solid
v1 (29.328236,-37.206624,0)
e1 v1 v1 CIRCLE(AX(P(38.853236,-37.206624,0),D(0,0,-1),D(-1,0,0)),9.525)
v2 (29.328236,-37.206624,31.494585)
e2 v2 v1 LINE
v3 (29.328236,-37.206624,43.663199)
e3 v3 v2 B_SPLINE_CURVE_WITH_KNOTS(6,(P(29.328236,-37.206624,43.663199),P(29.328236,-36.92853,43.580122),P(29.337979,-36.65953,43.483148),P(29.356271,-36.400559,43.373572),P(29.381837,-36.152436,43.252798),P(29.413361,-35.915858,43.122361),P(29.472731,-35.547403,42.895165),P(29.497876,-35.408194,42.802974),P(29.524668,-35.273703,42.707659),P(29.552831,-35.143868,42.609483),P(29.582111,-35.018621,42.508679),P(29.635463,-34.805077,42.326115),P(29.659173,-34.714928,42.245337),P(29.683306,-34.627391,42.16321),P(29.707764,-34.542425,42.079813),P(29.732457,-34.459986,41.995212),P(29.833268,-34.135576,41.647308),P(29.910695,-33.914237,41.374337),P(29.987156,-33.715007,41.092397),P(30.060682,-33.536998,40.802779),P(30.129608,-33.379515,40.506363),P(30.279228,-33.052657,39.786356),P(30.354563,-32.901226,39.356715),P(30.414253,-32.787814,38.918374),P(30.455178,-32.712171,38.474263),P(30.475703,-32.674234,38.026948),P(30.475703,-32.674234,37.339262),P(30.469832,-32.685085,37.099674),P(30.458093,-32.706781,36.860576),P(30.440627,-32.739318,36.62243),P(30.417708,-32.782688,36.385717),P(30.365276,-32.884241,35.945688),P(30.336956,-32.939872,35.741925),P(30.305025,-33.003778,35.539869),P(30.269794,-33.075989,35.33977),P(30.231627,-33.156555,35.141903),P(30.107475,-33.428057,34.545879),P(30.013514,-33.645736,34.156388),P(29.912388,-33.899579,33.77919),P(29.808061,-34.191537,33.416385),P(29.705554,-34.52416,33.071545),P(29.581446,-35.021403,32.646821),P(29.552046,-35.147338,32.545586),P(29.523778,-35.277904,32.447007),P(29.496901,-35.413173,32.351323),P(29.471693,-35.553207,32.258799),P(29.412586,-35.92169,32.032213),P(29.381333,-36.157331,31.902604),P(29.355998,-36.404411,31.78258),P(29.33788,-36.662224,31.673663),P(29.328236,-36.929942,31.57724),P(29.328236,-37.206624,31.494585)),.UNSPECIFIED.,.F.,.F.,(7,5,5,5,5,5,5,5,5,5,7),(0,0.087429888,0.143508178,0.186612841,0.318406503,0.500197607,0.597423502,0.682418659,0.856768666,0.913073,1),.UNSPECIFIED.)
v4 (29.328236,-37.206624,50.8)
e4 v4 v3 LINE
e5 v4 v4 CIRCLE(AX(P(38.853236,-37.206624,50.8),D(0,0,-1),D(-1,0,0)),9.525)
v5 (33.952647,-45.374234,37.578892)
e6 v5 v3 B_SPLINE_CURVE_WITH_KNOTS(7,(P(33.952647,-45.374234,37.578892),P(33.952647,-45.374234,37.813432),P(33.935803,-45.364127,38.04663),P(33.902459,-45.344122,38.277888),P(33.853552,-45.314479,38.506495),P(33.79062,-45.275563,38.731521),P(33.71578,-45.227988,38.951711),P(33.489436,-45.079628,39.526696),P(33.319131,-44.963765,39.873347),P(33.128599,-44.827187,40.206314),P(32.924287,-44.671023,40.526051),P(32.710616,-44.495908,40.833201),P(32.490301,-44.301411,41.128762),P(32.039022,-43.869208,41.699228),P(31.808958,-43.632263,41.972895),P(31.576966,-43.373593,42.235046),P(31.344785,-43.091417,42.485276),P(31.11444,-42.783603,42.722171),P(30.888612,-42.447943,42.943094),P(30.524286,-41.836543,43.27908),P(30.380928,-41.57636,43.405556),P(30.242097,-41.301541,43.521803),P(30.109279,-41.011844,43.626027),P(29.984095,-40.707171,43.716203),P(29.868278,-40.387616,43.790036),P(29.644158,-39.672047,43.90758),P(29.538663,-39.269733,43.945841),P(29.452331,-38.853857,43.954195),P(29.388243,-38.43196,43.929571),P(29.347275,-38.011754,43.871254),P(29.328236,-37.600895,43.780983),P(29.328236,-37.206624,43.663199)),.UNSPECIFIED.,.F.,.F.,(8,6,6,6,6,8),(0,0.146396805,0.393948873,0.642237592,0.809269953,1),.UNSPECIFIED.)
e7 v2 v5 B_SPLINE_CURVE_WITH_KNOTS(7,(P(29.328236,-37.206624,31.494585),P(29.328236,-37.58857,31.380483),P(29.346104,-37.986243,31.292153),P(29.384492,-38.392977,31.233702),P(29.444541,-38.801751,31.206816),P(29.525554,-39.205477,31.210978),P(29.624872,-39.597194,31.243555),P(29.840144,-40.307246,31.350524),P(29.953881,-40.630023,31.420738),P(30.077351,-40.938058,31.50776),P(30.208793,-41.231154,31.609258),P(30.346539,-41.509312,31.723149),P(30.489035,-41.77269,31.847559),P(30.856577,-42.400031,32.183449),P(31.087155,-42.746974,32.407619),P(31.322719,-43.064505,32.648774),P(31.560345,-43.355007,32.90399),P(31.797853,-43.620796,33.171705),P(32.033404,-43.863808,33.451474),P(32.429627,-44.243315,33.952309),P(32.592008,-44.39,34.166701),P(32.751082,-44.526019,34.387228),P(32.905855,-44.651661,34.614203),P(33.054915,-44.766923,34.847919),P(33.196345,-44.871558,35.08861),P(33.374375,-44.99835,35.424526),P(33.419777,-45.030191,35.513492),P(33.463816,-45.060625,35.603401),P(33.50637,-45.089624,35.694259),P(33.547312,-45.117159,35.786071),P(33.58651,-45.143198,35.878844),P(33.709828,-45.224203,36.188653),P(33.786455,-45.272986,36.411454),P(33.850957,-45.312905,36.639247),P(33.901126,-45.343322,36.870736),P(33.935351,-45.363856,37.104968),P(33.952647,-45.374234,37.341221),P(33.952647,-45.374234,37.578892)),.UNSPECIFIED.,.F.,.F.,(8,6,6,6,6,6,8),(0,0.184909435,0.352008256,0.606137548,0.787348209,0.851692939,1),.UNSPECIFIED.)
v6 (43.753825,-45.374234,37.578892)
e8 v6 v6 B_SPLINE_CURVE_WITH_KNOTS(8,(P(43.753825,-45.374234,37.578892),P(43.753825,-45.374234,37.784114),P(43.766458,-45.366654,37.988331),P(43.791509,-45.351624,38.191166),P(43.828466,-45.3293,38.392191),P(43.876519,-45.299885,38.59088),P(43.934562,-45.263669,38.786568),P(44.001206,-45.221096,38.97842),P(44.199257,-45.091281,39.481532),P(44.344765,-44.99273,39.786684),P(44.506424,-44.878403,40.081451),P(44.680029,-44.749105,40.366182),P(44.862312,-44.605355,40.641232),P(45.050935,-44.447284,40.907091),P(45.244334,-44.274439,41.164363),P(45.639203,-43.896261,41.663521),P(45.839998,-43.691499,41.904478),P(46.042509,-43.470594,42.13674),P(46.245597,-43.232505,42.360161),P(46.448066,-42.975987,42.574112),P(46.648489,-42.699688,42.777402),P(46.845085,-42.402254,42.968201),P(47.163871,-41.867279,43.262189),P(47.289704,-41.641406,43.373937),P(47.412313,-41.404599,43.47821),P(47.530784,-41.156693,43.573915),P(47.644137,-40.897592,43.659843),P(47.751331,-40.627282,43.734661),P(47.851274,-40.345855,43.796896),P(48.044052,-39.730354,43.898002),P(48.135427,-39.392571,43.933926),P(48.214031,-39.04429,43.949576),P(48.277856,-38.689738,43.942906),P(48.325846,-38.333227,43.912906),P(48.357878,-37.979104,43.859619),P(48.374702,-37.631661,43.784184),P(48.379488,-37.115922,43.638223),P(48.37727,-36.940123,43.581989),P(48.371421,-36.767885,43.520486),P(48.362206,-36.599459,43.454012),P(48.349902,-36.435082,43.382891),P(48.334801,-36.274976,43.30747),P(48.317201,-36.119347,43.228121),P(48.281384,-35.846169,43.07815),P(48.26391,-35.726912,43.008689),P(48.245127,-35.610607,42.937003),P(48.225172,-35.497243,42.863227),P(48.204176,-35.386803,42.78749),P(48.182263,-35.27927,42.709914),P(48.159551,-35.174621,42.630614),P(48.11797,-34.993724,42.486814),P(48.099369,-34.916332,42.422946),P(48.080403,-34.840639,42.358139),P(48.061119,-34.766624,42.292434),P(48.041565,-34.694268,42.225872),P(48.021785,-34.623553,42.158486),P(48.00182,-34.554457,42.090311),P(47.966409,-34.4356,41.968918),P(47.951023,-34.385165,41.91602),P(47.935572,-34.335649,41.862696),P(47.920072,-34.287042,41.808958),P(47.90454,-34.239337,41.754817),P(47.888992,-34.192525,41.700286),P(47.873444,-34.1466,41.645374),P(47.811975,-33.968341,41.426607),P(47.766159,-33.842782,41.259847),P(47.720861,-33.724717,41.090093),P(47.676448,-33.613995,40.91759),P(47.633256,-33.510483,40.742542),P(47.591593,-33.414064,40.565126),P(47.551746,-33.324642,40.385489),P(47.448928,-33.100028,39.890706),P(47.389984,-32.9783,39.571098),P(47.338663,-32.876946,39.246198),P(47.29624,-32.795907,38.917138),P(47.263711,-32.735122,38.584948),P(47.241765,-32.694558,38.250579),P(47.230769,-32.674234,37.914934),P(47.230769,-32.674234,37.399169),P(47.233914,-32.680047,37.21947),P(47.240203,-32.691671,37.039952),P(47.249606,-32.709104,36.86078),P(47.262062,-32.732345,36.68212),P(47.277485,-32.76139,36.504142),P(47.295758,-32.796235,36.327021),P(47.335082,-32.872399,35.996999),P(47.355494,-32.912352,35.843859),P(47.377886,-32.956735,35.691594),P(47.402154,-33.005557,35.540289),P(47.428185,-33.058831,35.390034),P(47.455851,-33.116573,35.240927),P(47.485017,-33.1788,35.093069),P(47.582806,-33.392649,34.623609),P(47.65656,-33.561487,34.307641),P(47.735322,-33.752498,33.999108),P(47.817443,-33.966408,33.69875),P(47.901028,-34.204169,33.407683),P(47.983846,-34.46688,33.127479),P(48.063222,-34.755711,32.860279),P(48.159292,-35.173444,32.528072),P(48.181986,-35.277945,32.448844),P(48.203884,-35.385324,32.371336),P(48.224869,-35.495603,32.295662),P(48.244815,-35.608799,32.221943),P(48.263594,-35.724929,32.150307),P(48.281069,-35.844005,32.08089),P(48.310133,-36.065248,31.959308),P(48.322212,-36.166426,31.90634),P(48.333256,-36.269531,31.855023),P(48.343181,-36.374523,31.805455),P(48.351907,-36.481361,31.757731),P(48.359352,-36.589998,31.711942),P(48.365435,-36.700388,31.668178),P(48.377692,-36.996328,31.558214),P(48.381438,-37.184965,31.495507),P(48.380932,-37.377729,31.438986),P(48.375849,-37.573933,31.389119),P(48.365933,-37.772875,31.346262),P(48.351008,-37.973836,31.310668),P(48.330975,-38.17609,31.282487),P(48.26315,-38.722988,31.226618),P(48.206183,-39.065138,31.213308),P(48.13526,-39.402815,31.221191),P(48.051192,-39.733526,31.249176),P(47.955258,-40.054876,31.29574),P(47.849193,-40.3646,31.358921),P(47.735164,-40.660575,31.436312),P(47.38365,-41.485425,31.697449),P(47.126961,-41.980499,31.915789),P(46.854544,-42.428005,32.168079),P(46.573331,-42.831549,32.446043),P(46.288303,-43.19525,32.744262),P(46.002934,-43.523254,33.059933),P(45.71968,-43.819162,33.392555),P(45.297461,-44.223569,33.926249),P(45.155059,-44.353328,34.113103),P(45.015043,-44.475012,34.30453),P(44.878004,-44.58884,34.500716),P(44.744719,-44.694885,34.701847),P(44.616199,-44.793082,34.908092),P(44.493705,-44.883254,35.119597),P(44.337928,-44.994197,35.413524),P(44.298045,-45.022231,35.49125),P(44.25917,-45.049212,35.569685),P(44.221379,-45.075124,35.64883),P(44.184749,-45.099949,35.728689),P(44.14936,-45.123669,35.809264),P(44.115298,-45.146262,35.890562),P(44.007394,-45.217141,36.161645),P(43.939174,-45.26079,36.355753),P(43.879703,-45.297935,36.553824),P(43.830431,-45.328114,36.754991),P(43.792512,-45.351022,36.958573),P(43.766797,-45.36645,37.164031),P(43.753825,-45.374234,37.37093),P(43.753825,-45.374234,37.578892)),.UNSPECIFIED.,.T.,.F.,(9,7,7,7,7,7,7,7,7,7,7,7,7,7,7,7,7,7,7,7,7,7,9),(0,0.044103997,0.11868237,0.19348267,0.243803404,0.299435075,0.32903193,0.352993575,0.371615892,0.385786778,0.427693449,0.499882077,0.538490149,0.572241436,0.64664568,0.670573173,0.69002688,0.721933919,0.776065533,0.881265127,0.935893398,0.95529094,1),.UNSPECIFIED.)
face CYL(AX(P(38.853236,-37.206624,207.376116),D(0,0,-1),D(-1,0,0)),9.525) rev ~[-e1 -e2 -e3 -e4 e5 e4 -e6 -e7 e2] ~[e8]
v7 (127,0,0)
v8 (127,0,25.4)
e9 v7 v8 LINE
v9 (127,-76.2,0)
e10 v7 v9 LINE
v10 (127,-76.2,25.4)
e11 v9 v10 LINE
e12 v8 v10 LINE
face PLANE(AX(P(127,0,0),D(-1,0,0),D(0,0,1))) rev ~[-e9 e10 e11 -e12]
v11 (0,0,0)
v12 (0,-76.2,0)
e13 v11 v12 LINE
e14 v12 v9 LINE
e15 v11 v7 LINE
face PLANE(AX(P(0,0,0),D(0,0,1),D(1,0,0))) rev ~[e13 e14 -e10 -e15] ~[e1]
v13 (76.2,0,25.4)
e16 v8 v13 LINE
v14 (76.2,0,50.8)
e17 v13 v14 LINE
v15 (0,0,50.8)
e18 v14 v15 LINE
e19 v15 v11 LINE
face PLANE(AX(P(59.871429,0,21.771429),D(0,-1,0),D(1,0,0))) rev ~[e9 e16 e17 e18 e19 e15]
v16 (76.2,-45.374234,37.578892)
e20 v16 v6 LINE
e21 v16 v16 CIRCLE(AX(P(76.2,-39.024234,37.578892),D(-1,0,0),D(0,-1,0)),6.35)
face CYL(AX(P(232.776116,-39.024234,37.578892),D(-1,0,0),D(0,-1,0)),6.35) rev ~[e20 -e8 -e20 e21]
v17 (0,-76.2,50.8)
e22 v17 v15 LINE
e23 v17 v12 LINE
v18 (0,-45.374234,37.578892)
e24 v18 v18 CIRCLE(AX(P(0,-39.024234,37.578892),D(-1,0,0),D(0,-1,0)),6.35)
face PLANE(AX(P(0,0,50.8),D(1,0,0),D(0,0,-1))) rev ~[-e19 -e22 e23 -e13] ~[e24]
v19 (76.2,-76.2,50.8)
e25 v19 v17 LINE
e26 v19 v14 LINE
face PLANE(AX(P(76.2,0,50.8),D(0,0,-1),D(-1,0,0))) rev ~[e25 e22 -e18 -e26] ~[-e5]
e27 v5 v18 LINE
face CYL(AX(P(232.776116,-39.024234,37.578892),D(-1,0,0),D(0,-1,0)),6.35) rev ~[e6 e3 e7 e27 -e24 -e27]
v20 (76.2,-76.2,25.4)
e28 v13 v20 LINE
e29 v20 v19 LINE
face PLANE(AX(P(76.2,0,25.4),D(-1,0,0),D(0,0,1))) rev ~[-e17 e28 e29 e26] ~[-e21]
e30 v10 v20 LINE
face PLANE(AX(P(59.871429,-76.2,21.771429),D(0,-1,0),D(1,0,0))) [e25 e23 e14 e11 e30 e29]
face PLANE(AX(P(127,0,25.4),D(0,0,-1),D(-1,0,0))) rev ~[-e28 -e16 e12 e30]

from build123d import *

# Parameters (mm, degrees)
F1_DEPTH = 76.2
F2_DEPTH = 25.4
F4_D     = 19.05
F6_D     = 12.7


with BuildPart() as f1:
    # F0 (on Front) → F1 (new body)
    with BuildSketch(Plane.XZ):
        Polygon((0, 50.8), (0, 0), (127, 0), (127, 25.4), (76.2, 25.4), (76.2, 50.8), align=None)
    extrude(amount=F1_DEPTH)

    # F0 (on Front) → F2 (join)
    with BuildSketch(Plane.XZ):
        Polygon((0, 50.8), (0, 0), (127, 0), (127, 25.4), (76.2, 25.4), (76.2, 50.8), align=None)
    extrude(amount=F2_DEPTH)

    # F4 (through all)
    with Locations(Plane.XY.offset(50.8)):
        with Locations((38.853236, -37.206624)):
            Hole(F4_D / 2)

    # F6 (through all)
    with Locations(Plane.YZ.offset(76.2)):
        with Locations((-39.024234, 37.578892)):
            Hole(F6_D / 2)


solid = f1.part
